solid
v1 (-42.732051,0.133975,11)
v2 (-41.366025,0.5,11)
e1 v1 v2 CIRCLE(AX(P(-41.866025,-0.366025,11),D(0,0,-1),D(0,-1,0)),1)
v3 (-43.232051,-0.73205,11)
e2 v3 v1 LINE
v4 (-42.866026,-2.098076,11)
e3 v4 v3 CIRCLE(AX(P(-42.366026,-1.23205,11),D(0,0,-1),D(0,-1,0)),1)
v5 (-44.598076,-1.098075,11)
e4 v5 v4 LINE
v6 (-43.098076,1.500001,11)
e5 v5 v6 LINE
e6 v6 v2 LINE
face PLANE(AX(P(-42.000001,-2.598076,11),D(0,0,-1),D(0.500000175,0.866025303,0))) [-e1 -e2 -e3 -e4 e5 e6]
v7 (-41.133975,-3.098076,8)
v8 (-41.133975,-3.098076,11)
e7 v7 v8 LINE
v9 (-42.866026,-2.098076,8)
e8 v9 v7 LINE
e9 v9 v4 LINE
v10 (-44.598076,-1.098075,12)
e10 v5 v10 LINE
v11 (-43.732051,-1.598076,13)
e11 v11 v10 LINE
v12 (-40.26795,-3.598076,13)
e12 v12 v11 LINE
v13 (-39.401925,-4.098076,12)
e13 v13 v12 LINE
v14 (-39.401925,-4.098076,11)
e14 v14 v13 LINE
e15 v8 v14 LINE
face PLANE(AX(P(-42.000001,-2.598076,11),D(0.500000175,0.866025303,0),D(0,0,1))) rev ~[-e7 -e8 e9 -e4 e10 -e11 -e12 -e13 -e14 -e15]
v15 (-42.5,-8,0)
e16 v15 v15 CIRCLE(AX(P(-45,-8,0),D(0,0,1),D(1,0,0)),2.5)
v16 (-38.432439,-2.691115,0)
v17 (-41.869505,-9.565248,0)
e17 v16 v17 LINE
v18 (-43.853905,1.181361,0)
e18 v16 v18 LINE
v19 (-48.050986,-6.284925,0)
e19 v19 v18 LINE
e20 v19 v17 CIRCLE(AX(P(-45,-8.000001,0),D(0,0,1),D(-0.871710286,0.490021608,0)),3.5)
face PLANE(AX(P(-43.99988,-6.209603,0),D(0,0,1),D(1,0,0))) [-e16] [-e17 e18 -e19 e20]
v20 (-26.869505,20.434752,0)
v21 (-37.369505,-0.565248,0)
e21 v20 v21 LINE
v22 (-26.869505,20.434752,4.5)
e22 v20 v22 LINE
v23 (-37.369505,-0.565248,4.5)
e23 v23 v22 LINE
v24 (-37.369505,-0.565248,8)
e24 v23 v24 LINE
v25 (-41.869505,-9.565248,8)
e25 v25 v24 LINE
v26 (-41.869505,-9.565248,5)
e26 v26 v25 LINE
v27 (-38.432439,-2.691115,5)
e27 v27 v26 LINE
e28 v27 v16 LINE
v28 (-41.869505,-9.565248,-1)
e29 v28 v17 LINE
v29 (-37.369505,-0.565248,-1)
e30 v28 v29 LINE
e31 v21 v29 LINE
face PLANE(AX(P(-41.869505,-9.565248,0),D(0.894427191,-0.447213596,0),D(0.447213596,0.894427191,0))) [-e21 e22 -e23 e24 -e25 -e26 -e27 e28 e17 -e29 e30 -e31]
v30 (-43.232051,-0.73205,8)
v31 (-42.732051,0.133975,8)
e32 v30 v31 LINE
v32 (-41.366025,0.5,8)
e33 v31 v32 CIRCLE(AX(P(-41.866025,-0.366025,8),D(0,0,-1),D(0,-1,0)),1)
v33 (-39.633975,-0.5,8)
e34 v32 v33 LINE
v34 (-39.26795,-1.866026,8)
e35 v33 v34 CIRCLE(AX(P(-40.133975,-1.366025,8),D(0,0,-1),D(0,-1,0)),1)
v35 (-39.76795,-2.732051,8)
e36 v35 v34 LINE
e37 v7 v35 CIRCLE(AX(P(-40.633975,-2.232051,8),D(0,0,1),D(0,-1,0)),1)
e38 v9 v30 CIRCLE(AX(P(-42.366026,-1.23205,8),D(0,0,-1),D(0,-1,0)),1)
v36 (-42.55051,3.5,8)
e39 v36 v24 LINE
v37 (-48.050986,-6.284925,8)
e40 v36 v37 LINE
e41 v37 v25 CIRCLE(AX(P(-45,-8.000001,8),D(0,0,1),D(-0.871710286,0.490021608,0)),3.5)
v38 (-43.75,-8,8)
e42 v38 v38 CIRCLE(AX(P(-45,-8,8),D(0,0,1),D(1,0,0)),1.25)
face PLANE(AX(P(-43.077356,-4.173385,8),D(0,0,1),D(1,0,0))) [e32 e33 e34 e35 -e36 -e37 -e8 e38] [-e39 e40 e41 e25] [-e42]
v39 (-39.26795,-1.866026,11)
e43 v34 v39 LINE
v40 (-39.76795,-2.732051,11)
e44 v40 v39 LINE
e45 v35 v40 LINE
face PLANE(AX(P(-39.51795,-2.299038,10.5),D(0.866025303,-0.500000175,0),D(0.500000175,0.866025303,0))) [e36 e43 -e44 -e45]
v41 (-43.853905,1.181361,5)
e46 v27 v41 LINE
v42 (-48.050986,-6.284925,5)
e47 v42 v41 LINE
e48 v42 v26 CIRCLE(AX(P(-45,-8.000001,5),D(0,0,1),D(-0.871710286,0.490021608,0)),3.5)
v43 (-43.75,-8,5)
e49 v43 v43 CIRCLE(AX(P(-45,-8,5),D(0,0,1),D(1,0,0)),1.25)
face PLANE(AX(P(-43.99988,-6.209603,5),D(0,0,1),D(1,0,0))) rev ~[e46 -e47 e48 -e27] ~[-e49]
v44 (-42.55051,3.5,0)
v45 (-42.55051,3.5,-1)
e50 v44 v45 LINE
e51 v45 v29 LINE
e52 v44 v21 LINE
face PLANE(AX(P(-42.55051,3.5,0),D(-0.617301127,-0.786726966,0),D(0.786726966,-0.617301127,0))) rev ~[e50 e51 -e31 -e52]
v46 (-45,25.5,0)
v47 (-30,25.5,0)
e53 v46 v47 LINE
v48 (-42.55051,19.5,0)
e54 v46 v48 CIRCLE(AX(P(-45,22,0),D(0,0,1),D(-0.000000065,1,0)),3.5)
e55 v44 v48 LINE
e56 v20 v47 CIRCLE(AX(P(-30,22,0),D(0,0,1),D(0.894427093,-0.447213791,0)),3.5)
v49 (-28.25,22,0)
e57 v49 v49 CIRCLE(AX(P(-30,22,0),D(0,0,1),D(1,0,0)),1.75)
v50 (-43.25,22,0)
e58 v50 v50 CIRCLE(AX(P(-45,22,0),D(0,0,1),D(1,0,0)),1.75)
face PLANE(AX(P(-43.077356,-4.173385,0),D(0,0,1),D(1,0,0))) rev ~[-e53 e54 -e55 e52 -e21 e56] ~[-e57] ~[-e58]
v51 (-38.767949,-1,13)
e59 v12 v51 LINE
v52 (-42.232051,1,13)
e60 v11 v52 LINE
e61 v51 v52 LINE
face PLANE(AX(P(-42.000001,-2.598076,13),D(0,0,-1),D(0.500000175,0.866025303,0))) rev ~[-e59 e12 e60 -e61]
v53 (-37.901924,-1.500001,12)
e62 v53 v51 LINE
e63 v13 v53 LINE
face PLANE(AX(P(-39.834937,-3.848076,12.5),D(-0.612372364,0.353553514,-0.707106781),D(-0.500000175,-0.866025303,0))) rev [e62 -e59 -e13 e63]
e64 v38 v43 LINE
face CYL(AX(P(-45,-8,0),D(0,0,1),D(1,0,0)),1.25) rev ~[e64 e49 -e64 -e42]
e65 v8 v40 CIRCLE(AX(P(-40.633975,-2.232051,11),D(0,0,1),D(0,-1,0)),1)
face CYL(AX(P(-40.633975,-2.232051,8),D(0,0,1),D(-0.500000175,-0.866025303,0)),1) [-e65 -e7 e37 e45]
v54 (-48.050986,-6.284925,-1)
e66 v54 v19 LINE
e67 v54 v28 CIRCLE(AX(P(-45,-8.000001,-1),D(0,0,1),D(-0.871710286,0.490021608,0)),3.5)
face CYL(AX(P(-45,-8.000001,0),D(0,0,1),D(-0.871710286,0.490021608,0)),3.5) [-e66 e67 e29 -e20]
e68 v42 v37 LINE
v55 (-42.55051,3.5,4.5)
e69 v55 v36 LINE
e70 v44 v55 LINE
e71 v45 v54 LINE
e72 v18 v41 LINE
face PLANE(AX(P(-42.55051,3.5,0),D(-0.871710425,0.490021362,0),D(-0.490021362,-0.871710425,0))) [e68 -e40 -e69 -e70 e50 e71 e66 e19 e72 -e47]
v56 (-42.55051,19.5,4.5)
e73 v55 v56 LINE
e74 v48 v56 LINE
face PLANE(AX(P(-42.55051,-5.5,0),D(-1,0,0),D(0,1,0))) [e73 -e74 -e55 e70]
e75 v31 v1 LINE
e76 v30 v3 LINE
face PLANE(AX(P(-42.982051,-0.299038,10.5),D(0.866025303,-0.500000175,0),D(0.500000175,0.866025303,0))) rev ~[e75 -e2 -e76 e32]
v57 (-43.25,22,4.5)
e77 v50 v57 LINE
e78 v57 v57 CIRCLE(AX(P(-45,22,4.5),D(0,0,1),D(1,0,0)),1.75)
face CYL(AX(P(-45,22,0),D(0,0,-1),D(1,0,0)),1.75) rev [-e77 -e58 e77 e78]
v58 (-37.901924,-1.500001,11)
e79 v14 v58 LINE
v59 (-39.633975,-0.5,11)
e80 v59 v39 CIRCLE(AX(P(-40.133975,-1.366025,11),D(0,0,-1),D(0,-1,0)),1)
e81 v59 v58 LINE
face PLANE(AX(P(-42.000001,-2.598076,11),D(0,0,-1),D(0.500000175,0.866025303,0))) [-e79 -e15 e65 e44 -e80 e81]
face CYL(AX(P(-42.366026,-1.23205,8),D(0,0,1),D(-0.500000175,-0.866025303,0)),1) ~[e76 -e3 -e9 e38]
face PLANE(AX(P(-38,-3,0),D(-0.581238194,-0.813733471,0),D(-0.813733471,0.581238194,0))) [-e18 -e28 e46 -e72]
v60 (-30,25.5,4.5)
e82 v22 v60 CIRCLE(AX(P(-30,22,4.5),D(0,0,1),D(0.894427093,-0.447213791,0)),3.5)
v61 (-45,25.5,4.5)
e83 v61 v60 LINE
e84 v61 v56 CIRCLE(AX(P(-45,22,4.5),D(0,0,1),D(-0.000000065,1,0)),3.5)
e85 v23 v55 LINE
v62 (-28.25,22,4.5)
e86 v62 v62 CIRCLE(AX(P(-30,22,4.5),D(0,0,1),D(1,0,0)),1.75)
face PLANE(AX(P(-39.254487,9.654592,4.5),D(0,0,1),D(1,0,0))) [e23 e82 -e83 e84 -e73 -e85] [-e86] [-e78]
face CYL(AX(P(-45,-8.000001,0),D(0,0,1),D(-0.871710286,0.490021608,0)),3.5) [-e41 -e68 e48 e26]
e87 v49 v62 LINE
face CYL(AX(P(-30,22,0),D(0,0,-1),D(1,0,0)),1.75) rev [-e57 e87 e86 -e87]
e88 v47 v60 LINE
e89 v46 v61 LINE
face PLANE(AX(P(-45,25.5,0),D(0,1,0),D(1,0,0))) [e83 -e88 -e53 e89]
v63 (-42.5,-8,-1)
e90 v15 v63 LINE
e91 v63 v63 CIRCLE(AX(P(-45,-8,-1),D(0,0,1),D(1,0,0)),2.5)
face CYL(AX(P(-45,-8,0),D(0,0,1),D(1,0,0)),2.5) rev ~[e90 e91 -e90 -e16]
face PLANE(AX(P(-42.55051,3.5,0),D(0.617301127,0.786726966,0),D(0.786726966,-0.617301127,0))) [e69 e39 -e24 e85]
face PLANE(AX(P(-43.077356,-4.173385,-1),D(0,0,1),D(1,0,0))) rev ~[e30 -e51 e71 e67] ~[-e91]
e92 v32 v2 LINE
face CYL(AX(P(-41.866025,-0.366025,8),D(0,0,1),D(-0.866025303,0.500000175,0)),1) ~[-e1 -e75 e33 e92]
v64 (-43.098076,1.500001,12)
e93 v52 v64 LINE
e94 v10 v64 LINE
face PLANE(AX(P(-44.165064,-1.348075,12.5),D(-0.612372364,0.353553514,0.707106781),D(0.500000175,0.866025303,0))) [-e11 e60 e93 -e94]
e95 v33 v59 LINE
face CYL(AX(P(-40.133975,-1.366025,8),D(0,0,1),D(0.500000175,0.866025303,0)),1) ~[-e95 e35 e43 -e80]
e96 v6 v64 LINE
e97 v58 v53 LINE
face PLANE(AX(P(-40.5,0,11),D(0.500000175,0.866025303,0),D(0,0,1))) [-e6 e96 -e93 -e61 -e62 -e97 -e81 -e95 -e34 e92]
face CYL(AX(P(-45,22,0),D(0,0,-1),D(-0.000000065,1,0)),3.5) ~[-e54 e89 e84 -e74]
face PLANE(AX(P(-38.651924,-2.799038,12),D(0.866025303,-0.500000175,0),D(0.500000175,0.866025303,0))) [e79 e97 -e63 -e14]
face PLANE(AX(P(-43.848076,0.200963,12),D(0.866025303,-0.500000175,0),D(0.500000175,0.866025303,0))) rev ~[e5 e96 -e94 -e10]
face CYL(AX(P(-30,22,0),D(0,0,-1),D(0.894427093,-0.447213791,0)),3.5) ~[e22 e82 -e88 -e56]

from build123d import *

# Parameters (mm, degrees)
SKETCH012_R       = 1.75
SKETCH012_R_2     = 1.25
PAD006_DEPTH      = 4.5
SKETCH050_R       = 1.25
PAD023_DEPTH      = 8
PAD023_DEPTH_BACK = 1
POCKET022_DEPTH   = 5
SKETCH080_R       = 2.5
POCKET031_DEPTH   = 5
SKETCH081_W       = 3
SKETCH081_H       = 5
PAD044_DEPTH      = 2
SKETCH082_W       = 3
SKETCH082_H       = 2
PAD045_DEPTH      = 3
FILLET007_R       = 1
CHAMFER001_SIZE   = 1


with BuildPart() as part:
    # Sketch012 → Pad006 (new body)
    with BuildSketch(Plane.XY):
        with BuildLine():
            ThreePointArc((2.44949, -27.5), (-3.451901, -30.578258), (3.130495, -31.565248))
            Line((3.130495, -31.565248), (18.130495, -1.565248))
            ThreePointArc((18.130495, -1.565248), (17.977278, 1.840059), (15, 3.5))
            Line((0, 3.5), (15, 3.5))
            ThreePointArc((0, 3.5), (-3.24037, -1.322876), (2.44949, -2.5))
            Line((2.44949, -27.5), (2.44949, -2.5))
        make_face()
        Circle(SKETCH012_R, mode=Mode.SUBTRACT)
        with Locations((0, -30)):
            Circle(SKETCH012_R_2, mode=Mode.SUBTRACT)
        with Locations((15, 0)):
            Circle(SKETCH012_R, mode=Mode.SUBTRACT)
    extrude(amount=PAD006_DEPTH)

    # Sketch050 → Pad023 (join, two sides)
    with BuildSketch(Plane.XY) as pad023_sk:
        with BuildLine():
            Line((2.44949, -18.5), (-3.050986, -28.284925))
            ThreePointArc((-3.050986, -28.284925), (-1.640643, -33.091649), (3.130495, -31.565248))
            Line((3.130495, -31.565248), (7.630495, -22.565248))
            Line((2.44949, -18.5), (7.630495, -22.565248))
        make_face()
        with Locations((0, -30)):
            Circle(SKETCH050_R, mode=Mode.SUBTRACT)
    extrude(amount=PAD023_DEPTH)
    extrude(pad023_sk.sketch, amount=-PAD023_DEPTH_BACK)

    # Sketch051 → Pocket022 (cut)
    with BuildSketch(Plane.XY):
        Polygon((0, -35), (7, -35), (7, -25), (0, -20), (-4, -20), (-4, -35), align=None)
    extrude(amount=POCKET022_DEPTH, mode=Mode.SUBTRACT)

    # Sketch080 → Pocket031 (cut)
    with BuildSketch(Plane(origin=(0, -30, 0), x_dir=(1, 0, 0), z_dir=(0, 0, 1))):
        Circle(SKETCH080_R)
    extrude(amount=-POCKET031_DEPTH, mode=Mode.SUBTRACT)

    # Sketch081 → Pad044 (join, symmetric)
    with BuildSketch(Plane(origin=(4.5, -22, 8), x_dir=(0.5, 0.866025, 0), z_dir=(0.866025, -0.5, 0))):
        with Locations((-1.5, 2.5)):
            Rectangle(SKETCH081_W, SKETCH081_H)
    extrude(amount=PAD044_DEPTH, both=True)

    # Sketch082 → Pad045 (join, symmetric)
    with BuildSketch(Plane(origin=(4.5, -22, 11), x_dir=(0.5, 0.866025, 0), z_dir=(0.866025, -0.5, 0))):
        with Locations((-1.5, 1)):
            Rectangle(SKETCH082_W, SKETCH082_H)
    extrude(amount=PAD045_DEPTH, both=True)

    # Fillet007
    fillet007_edges = [part.edges().sort_by_distance(p)[0] for p in [
        (1.267949, -23.598076, 9.5),
        (2.767949, -21, 9.5),
        (6.232051, -23, 9.5),
        (4.732051, -25.598076, 9.5),
    ]]
    fillet(fillet007_edges, radius=FILLET007_R)

    # Chamfer001
    chamfer001_edges = [part.edges().sort_by_distance(p)[0] for p in [
        (6.348076, -24.799038, 13),
        (1.151924, -21.799038, 13),
    ]]
    chamfer(chamfer001_edges, length=CHAMFER001_SIZE)


with BuildPart() as part_1:
    # Body004 placement: moved
    add(part.part.moved(Location((-45, 22, 0))))


solid = part_1.part
